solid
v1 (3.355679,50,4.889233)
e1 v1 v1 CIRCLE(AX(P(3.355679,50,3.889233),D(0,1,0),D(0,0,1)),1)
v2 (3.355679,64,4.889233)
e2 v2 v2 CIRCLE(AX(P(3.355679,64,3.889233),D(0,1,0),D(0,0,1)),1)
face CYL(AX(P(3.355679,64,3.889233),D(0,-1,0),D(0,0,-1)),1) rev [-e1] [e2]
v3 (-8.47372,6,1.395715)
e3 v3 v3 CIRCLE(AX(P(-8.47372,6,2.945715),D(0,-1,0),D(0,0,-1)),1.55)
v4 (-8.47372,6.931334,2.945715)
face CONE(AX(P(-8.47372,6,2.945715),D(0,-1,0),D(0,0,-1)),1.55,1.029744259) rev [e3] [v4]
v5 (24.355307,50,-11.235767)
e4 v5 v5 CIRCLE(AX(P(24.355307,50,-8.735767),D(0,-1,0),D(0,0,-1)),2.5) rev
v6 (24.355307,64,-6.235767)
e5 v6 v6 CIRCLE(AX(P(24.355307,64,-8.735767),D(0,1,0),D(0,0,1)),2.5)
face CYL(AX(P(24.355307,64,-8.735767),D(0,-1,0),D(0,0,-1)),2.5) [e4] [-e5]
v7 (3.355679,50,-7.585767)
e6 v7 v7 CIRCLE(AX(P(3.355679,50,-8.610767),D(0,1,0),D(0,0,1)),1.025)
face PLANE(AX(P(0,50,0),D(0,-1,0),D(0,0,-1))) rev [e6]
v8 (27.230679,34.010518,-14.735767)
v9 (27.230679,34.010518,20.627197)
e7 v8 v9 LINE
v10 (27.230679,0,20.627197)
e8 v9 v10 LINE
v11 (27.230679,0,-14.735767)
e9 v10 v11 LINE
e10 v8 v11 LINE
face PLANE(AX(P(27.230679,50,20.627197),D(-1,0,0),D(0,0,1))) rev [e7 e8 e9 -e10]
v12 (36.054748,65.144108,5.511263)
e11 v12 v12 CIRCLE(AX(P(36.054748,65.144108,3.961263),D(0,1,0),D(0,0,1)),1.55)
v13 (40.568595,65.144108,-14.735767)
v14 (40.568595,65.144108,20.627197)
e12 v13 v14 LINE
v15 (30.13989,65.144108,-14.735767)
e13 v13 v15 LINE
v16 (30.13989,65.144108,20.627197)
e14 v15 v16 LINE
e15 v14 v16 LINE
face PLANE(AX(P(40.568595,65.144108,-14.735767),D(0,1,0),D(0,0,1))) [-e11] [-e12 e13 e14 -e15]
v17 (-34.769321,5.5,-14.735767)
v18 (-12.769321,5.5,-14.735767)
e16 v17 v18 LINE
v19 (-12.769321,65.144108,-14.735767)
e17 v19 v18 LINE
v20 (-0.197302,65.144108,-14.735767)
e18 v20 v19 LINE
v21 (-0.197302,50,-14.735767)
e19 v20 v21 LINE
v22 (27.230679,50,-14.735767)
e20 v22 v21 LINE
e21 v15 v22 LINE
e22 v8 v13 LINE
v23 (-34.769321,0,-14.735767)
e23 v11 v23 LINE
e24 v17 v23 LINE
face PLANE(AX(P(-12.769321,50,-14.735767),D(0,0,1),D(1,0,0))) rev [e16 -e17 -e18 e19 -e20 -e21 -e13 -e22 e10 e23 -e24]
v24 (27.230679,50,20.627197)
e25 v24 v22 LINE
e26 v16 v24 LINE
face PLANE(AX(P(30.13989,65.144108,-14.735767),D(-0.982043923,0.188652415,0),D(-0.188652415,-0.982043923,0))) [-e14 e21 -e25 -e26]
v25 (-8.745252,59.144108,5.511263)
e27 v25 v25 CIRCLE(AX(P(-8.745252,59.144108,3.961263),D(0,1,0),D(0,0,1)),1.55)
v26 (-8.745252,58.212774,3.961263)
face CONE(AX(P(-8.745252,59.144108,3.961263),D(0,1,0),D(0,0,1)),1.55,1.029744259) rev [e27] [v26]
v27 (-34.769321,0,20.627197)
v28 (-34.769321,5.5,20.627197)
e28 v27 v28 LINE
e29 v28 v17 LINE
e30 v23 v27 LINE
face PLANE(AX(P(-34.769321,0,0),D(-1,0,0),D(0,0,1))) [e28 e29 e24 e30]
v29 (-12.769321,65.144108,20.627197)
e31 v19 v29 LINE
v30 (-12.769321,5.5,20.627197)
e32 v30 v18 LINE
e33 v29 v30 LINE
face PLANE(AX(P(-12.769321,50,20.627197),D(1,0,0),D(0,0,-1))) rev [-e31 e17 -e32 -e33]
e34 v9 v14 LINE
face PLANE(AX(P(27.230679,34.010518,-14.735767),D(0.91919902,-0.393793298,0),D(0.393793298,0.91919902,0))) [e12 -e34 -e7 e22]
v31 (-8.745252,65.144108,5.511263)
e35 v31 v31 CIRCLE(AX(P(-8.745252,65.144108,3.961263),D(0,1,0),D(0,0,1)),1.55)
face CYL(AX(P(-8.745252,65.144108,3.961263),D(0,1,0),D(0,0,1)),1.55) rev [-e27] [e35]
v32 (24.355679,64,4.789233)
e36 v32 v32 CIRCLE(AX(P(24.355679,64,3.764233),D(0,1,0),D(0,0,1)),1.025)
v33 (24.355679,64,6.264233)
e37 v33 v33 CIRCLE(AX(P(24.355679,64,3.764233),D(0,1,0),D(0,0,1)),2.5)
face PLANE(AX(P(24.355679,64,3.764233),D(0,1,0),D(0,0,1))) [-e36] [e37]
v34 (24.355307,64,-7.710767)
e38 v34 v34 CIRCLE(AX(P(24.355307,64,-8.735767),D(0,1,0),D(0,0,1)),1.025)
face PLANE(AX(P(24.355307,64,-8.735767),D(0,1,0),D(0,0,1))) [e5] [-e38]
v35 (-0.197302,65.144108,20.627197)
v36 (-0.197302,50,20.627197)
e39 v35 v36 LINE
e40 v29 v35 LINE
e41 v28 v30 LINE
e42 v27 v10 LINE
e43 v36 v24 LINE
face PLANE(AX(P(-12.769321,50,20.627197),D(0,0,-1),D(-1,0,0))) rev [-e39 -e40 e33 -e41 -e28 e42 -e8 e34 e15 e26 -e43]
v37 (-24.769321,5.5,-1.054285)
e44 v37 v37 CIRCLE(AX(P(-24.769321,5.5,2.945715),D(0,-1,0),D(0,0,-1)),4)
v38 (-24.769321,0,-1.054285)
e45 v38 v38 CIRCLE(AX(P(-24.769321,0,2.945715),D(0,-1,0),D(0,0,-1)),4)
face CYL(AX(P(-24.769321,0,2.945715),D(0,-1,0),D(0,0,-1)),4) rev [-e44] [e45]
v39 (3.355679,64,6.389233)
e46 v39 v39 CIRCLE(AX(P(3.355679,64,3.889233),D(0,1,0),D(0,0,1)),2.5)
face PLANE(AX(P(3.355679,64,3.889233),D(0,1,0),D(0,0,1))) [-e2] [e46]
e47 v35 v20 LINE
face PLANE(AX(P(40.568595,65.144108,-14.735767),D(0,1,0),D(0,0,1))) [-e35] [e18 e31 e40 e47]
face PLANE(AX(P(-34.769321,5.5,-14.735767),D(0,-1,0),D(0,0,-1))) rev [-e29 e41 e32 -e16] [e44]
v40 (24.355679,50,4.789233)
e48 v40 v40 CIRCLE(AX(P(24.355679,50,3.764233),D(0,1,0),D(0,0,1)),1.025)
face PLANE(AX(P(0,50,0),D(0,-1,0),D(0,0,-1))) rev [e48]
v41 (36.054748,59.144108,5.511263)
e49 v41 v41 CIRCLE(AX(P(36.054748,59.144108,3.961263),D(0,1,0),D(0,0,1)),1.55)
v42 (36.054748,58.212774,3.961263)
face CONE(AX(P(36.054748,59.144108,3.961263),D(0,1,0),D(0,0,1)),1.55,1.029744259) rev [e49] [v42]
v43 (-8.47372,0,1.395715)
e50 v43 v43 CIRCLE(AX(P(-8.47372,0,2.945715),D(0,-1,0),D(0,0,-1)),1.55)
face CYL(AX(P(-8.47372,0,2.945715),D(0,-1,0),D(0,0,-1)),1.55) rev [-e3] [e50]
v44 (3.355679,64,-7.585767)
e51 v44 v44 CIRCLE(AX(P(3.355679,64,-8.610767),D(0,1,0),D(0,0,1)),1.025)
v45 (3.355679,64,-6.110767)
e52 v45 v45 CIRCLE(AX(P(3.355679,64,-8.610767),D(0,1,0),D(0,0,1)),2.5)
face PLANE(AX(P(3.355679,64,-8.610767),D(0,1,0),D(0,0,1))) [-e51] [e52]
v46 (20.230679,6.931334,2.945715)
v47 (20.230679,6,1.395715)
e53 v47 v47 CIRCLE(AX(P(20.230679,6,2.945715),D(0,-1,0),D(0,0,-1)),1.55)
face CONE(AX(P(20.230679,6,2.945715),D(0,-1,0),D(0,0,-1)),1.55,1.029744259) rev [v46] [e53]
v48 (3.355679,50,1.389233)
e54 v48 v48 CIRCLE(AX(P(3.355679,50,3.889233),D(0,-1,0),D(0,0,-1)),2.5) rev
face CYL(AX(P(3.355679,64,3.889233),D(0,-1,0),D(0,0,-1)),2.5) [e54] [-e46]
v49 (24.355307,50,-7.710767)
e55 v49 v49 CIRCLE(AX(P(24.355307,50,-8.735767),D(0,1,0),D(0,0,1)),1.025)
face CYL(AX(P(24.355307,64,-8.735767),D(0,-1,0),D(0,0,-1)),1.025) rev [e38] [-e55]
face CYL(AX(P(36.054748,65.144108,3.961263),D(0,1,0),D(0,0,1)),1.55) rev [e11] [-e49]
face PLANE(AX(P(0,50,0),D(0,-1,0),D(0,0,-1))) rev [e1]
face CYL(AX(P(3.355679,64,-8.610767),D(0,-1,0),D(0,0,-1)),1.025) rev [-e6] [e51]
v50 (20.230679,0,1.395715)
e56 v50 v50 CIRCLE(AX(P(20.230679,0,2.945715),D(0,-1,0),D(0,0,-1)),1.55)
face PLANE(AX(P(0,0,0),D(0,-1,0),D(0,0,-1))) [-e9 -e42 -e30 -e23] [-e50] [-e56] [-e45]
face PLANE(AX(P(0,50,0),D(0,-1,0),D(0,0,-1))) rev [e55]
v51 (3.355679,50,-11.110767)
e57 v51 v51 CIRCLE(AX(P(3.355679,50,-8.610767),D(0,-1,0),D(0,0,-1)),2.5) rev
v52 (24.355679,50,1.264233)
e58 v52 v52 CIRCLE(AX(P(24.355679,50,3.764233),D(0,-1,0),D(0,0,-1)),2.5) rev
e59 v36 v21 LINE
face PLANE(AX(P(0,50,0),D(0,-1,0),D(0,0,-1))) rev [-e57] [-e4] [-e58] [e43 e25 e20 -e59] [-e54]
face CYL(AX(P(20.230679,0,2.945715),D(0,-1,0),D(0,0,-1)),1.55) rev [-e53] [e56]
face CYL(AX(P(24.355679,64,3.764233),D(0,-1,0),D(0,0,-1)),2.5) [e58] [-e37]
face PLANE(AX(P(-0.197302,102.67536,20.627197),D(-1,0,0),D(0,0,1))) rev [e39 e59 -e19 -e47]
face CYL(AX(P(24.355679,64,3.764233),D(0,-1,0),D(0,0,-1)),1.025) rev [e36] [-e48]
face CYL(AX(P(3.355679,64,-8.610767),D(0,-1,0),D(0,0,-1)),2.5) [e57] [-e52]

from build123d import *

# Parameters (mm, degrees)
SKETCH1_W              = 40
SKETCH1_H              = 35.362964007
BOSS_EXTRUDE1_DEPTH    = 50
SKETCH2_W              = 35.362964007
SKETCH2_H              = 5.5
BOSS_EXTRUDE2_DEPTH    = 22
SKETCH3_R              = 2.5
SKETCH3_R_2            = 1
SKETCH3_R_3            = 1.025
BOSS_EXTRUDE3_DEPTH    = 14
D_GAGEMENT_M71_D       = 8
BOSS_EXTRUDE4_DEPTH    = 35.362964
SKETCH8_W              = 12.572018863
SKETCH8_H              = 35.362964007
BOSS_EXTRUDE5_DEPTH    = 15.144107649
D_GAGEMENT_M2_53_D     = 3.1
D_GAGEMENT_M2_53_DEPTH = 6
D_GAGEMENT_M2_53_TIP   = 0.931333959
D_GAGEMENT_M2_51_D     = 3.1
D_GAGEMENT_M2_51_DEPTH = 6
D_GAGEMENT_M2_51_TIP   = 0.931333959


with BuildPart() as part:
    # Sketch1 → Boss-Extrude1 (new body)
    with BuildSketch(Plane(origin=(0, 0, 0), x_dir=(1, 0, 0), z_dir=(0, 1, 0))):
        with Locations((7.230679314, -2.945715381)):
            Rectangle(SKETCH1_W, SKETCH1_H)
    extrude(amount=BOSS_EXTRUDE1_DEPTH)

    # Sketch2 → Boss-Extrude2 (add)
    with BuildSketch(Plane.ZY.offset(12.769320686)):
        with Locations((2.945715381, 2.75)):
            Rectangle(SKETCH2_W, SKETCH2_H)
    extrude(amount=BOSS_EXTRUDE2_DEPTH)

    # Sketch3 → Boss-Extrude3 (add)
    # profile 1 of 4: a face of its own
    with BuildSketch(Plane(origin=(0, 50, 0), x_dir=(1, 0, 0), z_dir=(0, 1, 0))):
        with Locations(Location((3.355679314, -3.889233377, 0), (0, 0, 90))):
            Circle(SKETCH3_R)
        with Locations(Location((3.355679314, -3.889233377, 0), (0, 0, 270))):
            Circle(SKETCH3_R_2, mode=Mode.SUBTRACT)
    # profile 2 of 4: a face of its own
    with BuildSketch(Plane(origin=(0, 50, 0), x_dir=(1, 0, 0), z_dir=(0, 1, 0))):
        with Locations(Location((24.355679314, -3.764233372, 0), (0, 0, 90))):
            Circle(SKETCH3_R)
        with Locations(Location((24.355679314, -3.764233372, 0), (0, 0, 270))):
            Circle(SKETCH3_R_3, mode=Mode.SUBTRACT)
    # profile 3 of 4: a face of its own
    with BuildSketch(Plane(origin=(0, 50, 0), x_dir=(1, 0, 0), z_dir=(0, 1, 0))):
        with Locations(Location((3.355679314, 8.610766623, 0), (0, 0, 90))):
            Circle(SKETCH3_R)
        with Locations(Location((3.355679314, 8.610766623, 0), (0, 0, 270))):
            Circle(SKETCH3_R_3, mode=Mode.SUBTRACT)
    # profile 4 of 4: a face of its own
    with BuildSketch(Plane(origin=(0, 50, 0), x_dir=(1, 0, 0), z_dir=(0, 1, 0))):
        with Locations(Location((24.355307287, 8.735766623, 0), (0, 0, 90))):
            Circle(SKETCH3_R)
        with Locations(Location((24.355307287, 8.735766623, 0), (0, 0, 270))):
            Circle(SKETCH3_R_3, mode=Mode.SUBTRACT)
    extrude(amount=BOSS_EXTRUDE3_DEPTH)

    # Dégagement M71 (through all)
    with Locations(Plane(origin=(0, 0, 0), x_dir=(-1, 0, 0), z_dir=(0, -1, 0))):
        with Locations((24.769320686, -2.945715381)):
            Hole(D_GAGEMENT_M71_D / 2)

    # Sketch7 → Boss-Extrude4 (add)
    with BuildSketch(Plane.XY.offset(20.627197384)):
        Polygon((27.230679314, 34.010518151), (40.568594836, 65.144107649), (30.139889808, 65.144107649), (27.230679314, 50), align=None)
    extrude(amount=-BOSS_EXTRUDE4_DEPTH)

    # Sketch8 → Boss-Extrude5 (add)
    with BuildSketch(Plane(origin=(0, 50, 0), x_dir=(1, 0, 0), z_dir=(0, 1, 0))):
        with Locations((-6.483311255, -2.945715381)):
            Rectangle(SKETCH8_W, SKETCH8_H)
    extrude(amount=BOSS_EXTRUDE5_DEPTH)

    # Dégagement M2.53
    with Locations(Plane(origin=(0, 65.144107649, 0), x_dir=(1, 0, 0), z_dir=(0, 1, 0))):
        with Locations((-8.745252094, -3.961262734), (36.054747906, -3.961262734)):
            Hole(D_GAGEMENT_M2_53_D / 2, depth=D_GAGEMENT_M2_53_DEPTH)
            with Locations((0, 0, -(D_GAGEMENT_M2_53_DEPTH + D_GAGEMENT_M2_53_TIP / 2))):  # 118° drill point
                Cone(0, D_GAGEMENT_M2_53_D / 2, D_GAGEMENT_M2_53_TIP, mode=Mode.SUBTRACT)

    # Dégagement M2.51
    with Locations(Plane(origin=(0, 0, 0), x_dir=(-1, 0, 0), z_dir=(0, -1, 0))):
        with Locations((8.473719715, -2.945715381), (-20.230679314, -2.945715381)):
            Hole(D_GAGEMENT_M2_51_D / 2, depth=D_GAGEMENT_M2_51_DEPTH)
            with Locations((0, 0, -(D_GAGEMENT_M2_51_DEPTH + D_GAGEMENT_M2_51_TIP / 2))):  # 118° drill point
                Cone(0, D_GAGEMENT_M2_51_D / 2, D_GAGEMENT_M2_51_TIP, mode=Mode.SUBTRACT)


solid = part.part
